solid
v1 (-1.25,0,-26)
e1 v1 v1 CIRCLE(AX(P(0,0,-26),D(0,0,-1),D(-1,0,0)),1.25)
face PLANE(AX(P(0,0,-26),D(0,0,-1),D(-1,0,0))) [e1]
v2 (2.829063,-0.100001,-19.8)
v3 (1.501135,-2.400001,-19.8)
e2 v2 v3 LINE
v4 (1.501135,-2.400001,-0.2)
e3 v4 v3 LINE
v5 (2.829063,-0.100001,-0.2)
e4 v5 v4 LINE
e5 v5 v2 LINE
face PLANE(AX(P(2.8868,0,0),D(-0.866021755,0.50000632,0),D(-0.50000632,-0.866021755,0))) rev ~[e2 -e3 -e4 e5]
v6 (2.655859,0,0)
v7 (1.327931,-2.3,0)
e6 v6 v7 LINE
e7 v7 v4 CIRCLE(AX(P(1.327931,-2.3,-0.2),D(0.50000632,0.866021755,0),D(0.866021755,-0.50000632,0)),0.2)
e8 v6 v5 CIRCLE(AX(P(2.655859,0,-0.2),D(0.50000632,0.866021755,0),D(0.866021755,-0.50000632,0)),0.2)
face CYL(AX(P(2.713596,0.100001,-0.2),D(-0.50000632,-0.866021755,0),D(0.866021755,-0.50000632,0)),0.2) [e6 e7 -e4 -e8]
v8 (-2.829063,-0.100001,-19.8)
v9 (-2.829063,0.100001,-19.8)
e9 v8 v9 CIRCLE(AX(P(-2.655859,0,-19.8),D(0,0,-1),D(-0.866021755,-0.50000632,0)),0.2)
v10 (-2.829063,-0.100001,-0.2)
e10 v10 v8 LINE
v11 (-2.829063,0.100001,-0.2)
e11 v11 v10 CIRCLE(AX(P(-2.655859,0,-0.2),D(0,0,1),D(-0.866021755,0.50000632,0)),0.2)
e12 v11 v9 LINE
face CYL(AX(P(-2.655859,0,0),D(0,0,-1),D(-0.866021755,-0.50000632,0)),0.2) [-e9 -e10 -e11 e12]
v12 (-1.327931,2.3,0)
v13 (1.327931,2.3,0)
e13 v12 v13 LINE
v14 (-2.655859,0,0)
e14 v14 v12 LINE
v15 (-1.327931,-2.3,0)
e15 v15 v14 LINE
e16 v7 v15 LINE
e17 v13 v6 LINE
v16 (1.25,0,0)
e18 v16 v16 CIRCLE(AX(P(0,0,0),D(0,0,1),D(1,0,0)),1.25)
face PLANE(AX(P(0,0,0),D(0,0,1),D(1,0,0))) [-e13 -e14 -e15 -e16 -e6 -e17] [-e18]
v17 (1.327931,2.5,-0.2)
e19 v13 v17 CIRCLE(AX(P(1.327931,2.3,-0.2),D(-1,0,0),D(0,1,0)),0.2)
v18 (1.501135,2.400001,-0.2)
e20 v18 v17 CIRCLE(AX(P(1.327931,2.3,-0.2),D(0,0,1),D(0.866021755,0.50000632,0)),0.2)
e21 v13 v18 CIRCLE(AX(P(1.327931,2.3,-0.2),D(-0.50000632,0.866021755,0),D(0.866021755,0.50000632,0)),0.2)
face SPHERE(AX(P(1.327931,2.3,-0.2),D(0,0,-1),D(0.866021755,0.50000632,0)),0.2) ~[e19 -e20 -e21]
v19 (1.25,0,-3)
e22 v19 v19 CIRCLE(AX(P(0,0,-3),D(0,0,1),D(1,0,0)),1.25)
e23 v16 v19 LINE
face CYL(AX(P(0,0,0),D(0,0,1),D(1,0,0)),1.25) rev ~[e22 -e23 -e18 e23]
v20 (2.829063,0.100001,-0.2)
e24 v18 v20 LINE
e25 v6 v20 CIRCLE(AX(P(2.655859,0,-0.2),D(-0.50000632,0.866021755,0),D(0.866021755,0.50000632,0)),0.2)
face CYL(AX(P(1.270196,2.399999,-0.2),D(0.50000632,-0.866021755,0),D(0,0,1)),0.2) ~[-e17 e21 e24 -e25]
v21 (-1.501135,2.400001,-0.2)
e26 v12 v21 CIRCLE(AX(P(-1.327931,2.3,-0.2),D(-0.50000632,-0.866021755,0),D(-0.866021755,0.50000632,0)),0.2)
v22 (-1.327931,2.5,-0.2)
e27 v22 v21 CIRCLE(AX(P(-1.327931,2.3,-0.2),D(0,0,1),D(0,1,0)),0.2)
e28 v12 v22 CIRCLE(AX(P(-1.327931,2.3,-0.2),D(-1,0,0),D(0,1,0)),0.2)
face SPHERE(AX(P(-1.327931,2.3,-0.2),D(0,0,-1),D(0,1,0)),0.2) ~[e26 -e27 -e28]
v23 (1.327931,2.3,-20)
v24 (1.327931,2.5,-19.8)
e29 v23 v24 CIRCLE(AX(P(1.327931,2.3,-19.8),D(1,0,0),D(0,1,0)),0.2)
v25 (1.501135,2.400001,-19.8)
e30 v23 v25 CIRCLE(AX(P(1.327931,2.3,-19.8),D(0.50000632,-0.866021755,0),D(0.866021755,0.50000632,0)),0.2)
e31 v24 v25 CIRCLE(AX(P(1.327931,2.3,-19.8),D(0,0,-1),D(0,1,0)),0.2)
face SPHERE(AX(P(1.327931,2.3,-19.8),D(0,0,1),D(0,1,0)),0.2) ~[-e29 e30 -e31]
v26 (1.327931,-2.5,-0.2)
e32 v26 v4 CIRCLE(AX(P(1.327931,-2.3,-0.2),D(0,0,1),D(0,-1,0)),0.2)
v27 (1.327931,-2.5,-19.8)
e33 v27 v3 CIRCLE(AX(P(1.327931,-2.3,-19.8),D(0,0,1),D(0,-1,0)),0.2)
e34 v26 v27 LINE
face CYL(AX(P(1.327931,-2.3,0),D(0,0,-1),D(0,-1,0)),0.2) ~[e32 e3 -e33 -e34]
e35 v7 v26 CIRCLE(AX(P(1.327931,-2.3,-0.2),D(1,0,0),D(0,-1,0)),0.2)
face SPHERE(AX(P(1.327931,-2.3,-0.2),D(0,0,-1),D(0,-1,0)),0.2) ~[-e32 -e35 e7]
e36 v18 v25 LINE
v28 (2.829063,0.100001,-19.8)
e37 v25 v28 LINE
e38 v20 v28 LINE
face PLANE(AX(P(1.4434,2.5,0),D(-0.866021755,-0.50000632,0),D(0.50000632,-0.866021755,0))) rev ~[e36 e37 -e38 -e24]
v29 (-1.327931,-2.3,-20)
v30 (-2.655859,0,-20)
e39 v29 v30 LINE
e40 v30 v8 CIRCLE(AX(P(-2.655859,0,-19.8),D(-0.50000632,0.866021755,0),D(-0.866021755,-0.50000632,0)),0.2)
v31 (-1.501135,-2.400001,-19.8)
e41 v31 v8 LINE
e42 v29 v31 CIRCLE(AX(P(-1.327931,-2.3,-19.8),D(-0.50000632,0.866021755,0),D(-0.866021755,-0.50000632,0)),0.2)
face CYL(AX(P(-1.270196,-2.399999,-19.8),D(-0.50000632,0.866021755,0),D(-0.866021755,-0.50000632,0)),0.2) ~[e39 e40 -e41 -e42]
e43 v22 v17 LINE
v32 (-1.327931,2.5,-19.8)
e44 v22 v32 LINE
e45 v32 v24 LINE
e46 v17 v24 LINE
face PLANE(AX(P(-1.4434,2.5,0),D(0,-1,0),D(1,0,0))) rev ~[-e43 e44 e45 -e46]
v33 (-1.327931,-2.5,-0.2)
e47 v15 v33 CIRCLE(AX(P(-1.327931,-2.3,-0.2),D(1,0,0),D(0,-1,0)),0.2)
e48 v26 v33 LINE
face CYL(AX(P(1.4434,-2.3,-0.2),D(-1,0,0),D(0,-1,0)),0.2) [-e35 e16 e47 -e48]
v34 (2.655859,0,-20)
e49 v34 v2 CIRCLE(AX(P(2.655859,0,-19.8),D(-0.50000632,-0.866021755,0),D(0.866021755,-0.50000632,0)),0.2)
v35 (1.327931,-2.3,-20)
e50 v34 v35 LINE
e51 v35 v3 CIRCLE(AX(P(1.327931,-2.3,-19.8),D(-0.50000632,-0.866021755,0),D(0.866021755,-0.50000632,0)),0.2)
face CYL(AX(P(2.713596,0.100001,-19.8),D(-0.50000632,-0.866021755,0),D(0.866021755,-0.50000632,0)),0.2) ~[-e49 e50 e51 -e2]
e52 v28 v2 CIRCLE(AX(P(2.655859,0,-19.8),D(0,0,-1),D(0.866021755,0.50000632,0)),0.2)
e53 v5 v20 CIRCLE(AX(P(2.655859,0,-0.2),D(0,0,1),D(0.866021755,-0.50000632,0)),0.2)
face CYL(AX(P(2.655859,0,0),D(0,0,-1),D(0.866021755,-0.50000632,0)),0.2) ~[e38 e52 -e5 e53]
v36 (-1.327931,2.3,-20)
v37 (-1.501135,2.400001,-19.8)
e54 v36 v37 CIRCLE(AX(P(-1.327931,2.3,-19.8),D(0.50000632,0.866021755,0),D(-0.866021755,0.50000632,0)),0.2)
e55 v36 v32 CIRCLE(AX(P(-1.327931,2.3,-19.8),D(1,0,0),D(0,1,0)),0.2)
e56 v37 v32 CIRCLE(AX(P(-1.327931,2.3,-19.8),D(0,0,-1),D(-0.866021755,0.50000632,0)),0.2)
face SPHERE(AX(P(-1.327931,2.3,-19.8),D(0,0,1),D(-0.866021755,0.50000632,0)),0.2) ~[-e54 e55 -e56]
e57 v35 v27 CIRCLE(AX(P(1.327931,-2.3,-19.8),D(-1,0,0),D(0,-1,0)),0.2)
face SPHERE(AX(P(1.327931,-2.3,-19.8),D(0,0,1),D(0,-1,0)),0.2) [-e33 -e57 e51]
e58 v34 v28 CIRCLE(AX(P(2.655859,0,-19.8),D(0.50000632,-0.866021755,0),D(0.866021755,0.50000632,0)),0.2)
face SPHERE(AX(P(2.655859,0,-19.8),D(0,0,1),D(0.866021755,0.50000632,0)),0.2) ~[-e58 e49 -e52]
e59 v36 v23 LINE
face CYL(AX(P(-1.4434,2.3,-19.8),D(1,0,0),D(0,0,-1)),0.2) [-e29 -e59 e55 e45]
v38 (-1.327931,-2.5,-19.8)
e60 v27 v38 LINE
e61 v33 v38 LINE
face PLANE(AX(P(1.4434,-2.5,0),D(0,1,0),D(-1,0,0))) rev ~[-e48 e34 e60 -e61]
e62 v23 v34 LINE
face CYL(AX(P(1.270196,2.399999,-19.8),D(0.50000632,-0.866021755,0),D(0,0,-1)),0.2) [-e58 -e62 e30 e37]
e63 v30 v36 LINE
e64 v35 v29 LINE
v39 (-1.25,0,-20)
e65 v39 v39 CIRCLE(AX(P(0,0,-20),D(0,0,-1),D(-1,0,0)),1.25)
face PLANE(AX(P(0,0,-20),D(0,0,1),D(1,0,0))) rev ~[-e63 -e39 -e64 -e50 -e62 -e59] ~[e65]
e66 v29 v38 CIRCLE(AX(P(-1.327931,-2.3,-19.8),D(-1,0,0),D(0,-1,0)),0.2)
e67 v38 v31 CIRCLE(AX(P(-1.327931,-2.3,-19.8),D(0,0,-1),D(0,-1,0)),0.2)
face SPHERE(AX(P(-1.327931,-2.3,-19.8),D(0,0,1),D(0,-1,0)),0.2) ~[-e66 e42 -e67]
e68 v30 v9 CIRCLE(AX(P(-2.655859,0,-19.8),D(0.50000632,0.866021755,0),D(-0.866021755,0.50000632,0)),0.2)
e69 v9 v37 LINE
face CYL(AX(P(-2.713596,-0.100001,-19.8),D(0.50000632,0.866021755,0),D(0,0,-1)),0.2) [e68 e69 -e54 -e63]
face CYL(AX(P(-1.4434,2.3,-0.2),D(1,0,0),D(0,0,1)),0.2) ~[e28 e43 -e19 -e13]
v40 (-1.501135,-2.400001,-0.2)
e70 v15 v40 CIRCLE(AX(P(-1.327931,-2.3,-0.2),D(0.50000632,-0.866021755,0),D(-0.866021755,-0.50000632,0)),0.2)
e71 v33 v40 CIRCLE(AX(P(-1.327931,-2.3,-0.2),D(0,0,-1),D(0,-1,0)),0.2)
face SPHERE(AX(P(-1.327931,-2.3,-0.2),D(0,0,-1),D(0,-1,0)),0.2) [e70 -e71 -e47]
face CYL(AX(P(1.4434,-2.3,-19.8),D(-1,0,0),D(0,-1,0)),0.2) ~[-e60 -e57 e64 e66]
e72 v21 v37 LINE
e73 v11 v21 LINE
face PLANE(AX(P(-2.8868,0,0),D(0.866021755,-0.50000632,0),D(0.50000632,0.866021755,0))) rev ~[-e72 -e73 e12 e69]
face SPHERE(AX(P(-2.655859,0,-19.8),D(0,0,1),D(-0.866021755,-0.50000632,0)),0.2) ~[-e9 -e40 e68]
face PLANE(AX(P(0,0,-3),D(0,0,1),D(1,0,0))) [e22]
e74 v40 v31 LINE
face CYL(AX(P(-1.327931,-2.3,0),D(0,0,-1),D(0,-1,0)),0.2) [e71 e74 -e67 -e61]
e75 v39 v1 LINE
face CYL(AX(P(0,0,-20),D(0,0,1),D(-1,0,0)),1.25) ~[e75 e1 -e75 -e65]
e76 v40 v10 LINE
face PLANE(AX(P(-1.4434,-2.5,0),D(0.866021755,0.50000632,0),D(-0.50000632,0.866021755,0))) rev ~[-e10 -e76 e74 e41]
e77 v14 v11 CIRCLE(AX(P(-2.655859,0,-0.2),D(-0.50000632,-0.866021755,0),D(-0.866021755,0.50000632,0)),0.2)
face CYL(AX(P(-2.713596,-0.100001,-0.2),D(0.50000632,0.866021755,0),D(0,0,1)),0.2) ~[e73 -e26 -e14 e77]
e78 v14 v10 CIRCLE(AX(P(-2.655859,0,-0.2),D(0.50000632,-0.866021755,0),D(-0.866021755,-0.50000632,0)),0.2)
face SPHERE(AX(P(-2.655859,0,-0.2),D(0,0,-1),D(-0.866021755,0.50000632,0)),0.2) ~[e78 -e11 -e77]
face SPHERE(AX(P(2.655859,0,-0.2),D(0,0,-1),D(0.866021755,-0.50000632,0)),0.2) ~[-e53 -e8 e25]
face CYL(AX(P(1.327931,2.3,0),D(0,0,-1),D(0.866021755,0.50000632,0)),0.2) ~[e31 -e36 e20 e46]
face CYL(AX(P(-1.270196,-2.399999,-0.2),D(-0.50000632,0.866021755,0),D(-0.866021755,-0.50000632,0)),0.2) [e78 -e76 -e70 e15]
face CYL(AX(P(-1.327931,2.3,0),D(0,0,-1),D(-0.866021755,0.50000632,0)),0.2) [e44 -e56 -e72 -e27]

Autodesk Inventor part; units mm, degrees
ref_plane "YZ Plane" through (0, 0, 0) normal (1, 0, 0) x (0, 1, 0)
ref_plane "XZ Plane" through (0, 0, 0) normal (0, 1, 0) x (-1, 0, 0)
ref_plane "XY Plane" through (0, 0, 0) normal (0, 0, 1) x (1, 0, 0)
sketch "Sketch1" plane through (0, 0, 0) normal (0, 0, 1) x (1, 0, 0)
  line L0 (1.4434, -2.5) -> (-1.4434, -2.5)
  line L1 (-1.4434, -2.5) -> (-2.8868, 0)
  line L2 (-2.8868, 0) -> (-1.4434, 2.5)
  line L3 (-1.4434, 2.5) -> (1.4434, 2.5)
  line L4 (1.4434, 2.5) -> (2.8868, 0)
  line L5 (2.8868, 0) -> (1.4434, -2.5)
  point P0 (0, 0)
  point P1 (0, 0)
  dimension "d0" = 5
extrude "Extrusion1" add sketch "Sketch1" against normal blind 20
sketch "Sketch2" plane through (0, 0, 0) normal (0, 0, 1) x (1, 0, 0)
  circle A0 centre (0, 0) radius 1.25
  dimension "d3" = 2.5
extrude "Extrusion2" cut sketch "Sketch2" against normal blind 3
sketch "Sketch3" plane through (0, 0, -20) normal (0, 0, -1) x (-1, 0, 0)
  circle A0 centre (0, 0) radius 1.25
  dimension "d6" = 2.5
extrude "Extrusion3" add sketch "Sketch3" along normal blind 6
thread "Thread1" size "M2.5x0.45" class "6g" standard "ISO Metric profile" full length
thread "Thread2" size "M2.5x0.45" class "6H" standard "ISO Metric profile" full length
fillet "Fillet1" radius 0.2 12 edges at (0, -2.5, -20) (-2.1651, -1.25, -20) (-2.1651, 1.25, -20) (0, 2.5, -20) (2.1651, 1.25, -20) (2.1651, -1.25, -20) (0, -2.5, 0) (2.1651, -1.25, 0) (2.1651, 1.25, 0) (0, 2.5, 0) (-2.1651, 1.25, 0) (-2.1651, -1.25, 0)
fillet "Fillet1" radius 0.2 6 edges at (-2.8868, 0, -10) (-1.4434, 2.5, -10) (1.4434, 2.5, -10) (2.8868, 0, -10) (1.4434, -2.5, -10) (-1.4434, -2.5, -10)
equation "\"d0\" = m3hs_hexDiam"
equation "\"d3\" = m3hs_threadDiam"
equation "\"d4\" = m3hs_holeDepth"
equation "\"d6\" = m3hs_threadDiam"
equation "\"d7\" = m3hs_studLength"
equation "\"d13\" = m3hs_rounding"
equation "\"m3hs_hexDiam\" = 5"
equation "\"m3hs_bodyLength\" = 5"
equation "\"m3hs_holeDepth\" = 3"
equation "\"m3hs_studLength\" = 6"
equation "\"m3hs_rounding\" = 0.2"
equation "\"m3hs_threadDiam\" = 2.5"
properties part number "M2.5 Hex Spacer 5mm" material "Stainless Steel"
